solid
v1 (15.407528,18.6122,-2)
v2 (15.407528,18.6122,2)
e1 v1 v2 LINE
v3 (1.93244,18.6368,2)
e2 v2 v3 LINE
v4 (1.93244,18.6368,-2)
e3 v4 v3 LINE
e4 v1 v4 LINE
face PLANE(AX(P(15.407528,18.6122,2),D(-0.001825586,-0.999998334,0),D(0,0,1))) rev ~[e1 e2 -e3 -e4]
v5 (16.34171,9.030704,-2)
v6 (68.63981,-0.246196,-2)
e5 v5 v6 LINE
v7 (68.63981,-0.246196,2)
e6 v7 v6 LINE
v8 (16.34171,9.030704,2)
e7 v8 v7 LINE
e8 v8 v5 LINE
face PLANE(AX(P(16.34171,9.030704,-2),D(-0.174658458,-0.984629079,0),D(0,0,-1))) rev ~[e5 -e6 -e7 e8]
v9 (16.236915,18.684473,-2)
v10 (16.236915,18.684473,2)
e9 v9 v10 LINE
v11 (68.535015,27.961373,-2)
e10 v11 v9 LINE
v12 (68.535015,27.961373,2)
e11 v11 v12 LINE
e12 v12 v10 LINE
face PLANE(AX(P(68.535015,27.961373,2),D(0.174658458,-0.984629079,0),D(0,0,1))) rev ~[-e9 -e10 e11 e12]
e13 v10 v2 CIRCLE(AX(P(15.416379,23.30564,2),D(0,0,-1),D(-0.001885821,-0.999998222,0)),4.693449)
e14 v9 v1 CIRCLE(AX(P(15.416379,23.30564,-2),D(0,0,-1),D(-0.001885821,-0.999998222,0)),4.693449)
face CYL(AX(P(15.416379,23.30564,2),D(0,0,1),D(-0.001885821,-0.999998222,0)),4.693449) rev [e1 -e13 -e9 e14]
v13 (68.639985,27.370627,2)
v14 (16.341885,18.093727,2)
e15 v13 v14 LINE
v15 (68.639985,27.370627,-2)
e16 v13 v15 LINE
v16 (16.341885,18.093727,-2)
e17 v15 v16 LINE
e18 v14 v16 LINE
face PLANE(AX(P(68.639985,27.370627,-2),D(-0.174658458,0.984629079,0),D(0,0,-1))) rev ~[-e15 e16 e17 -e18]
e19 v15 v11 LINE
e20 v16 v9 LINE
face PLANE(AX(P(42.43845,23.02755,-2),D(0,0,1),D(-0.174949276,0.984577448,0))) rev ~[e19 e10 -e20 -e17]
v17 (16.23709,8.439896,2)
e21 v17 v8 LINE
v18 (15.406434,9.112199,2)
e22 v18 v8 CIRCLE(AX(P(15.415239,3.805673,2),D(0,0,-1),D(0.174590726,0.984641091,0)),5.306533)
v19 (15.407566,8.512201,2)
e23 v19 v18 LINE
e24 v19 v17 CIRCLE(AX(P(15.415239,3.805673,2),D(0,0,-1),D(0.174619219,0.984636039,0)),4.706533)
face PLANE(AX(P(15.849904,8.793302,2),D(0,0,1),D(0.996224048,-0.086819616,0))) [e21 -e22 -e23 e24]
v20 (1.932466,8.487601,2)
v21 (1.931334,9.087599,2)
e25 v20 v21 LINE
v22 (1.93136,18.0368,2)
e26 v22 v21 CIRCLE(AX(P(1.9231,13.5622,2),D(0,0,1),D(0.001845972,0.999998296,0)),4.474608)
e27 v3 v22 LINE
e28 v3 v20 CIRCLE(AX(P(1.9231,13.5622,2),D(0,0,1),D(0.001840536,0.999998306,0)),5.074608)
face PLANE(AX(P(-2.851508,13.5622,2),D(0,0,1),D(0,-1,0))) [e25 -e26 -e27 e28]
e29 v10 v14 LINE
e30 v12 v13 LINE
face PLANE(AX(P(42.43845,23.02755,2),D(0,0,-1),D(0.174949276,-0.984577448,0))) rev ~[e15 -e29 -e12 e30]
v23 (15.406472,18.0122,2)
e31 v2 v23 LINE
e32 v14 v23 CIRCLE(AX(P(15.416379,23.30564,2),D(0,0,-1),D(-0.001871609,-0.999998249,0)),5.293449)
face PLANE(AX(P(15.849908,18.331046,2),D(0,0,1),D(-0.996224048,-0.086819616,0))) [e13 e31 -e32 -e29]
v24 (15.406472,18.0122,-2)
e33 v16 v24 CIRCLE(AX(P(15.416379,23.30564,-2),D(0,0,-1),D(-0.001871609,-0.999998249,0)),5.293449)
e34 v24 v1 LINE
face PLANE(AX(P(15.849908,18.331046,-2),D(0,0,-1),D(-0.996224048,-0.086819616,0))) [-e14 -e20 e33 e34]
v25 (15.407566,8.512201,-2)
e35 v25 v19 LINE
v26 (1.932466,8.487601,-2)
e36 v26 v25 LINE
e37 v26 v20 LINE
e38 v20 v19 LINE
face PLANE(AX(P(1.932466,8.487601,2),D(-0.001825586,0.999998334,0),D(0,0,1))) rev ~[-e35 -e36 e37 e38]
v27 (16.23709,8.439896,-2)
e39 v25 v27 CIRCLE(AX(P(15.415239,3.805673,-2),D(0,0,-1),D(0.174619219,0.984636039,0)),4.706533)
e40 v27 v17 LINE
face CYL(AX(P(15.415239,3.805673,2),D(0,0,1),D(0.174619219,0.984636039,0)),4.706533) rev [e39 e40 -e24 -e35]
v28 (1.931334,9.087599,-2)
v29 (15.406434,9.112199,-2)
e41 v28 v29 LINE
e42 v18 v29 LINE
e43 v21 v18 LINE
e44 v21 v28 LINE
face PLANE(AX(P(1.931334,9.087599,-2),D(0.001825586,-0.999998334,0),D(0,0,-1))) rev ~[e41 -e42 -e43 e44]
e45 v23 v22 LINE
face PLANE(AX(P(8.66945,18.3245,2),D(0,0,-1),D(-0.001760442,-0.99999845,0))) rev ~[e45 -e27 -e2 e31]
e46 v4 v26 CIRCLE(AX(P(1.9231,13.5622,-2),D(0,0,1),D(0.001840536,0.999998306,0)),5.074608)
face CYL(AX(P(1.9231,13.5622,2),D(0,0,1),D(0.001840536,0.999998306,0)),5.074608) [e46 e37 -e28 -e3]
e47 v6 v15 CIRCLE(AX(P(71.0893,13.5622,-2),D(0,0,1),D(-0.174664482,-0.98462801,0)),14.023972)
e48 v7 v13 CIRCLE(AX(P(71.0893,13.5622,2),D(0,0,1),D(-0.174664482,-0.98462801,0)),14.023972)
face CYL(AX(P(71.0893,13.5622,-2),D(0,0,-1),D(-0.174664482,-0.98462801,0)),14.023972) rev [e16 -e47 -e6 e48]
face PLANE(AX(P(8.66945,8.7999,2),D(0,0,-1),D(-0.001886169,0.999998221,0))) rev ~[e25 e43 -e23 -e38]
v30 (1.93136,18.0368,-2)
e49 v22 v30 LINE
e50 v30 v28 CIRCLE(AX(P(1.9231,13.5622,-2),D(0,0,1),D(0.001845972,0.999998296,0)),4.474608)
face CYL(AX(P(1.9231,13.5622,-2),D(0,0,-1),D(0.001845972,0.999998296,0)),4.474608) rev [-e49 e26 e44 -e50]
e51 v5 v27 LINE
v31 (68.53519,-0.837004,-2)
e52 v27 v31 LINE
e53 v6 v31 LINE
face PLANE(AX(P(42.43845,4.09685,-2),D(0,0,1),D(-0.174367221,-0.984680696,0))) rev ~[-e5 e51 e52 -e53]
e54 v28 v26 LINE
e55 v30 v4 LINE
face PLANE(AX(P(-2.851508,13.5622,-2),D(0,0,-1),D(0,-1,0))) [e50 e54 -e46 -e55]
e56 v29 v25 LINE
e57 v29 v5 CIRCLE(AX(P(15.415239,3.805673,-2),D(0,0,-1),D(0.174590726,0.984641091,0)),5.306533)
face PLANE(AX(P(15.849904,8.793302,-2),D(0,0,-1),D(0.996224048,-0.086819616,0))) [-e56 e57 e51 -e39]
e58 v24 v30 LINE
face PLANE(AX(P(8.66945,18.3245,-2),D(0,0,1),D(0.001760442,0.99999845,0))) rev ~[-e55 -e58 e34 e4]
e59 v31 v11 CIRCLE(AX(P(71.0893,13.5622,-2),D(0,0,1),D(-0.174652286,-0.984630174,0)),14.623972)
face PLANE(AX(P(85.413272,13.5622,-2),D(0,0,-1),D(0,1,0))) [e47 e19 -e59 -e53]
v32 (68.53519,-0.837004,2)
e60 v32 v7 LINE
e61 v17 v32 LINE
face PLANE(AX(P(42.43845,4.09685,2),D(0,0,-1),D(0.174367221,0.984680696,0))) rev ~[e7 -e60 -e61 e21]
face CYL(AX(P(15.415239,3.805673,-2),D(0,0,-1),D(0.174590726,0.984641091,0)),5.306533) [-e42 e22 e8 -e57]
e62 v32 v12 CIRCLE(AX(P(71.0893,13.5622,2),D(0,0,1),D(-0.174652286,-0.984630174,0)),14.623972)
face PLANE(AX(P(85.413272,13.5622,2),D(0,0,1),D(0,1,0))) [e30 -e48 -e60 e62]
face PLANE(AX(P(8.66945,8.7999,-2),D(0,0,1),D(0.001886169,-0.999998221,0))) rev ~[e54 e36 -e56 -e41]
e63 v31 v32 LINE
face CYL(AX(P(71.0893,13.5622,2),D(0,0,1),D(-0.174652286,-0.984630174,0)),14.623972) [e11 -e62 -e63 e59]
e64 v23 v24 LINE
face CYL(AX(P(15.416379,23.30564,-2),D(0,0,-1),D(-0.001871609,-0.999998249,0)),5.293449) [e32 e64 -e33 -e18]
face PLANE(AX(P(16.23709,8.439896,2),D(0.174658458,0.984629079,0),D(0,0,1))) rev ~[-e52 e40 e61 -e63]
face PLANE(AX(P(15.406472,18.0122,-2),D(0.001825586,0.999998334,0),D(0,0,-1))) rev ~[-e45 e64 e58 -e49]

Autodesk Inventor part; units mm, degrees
sketch "Sketch Path" plane through (0, 0, 0) normal (0, 0, 1) x (1, 0, 0)
  arc A0 (1.9319, 18.3368) -> (1.9319, 8.7876) centre (1.9231, 13.5622) ccw
  arc A1 (16.2894, 8.7353) -> (15.407, 8.8122) centre (15.4161, 3.8122) ccw
  arc A2 (68.5875, -0.5416) -> (68.5875, 27.666) centre (71.0893, 13.5622) ccw
  arc A3 (15.407, 18.3122) -> (16.2894, 18.3891) centre (15.4161, 23.3122) ccw
  line L0 (15.407, 18.3122) -> (1.9319, 18.3368)
  line L1 (1.9319, 8.7876) -> (15.407, 8.8122)
  line L2 (16.2894, 8.7353) -> (68.5875, -0.5416)
  line L3 (68.5875, 27.666) -> (16.2894, 18.3891)
ref_plane "Cross Section Plane" through (1.9319, 18.3368, 0) normal (1, -0.0018, 0) x (0, 0, 1)
ref_plane "Work Plane2" through (1.9231, 13.5622, 0) normal (-1, 0, 0) x (0, 0, 1)
ref_plane "Work Plane3" through (71.0893, 13.5622, 0) normal (0.9951, -0.0987, 0) x (0, 0, 1)
sketch "Cross Section" plane through (1.9319, 18.3368, 0) normal (1, -0.0018, 0) x (0, 0, 1)
  line L0 (-2, 0.3) -> (2, 0.3)
  line L1 (2, 0.3) -> (2, -0.3)
  line L2 (2, -0.3) -> (-2, -0.3)
  line L3 (-2, -0.3) -> (-2, 0.3)
  line L4 (-2, 0) -> (2, 0) construction
  point P0 (0, 0)
  point P1 (0, 0)
  dimension "d0" = 4
  dimension "d4" = 0.3
  dimension "d5" = 0.3
sweep "Belt" add profiles "Cross Section" path "Sketch Path"
equation "\"d0\" = da_B"
equation "\"d4\" = da_a"
equation "\"d5\" = da_a2"
equation "\"da_B\" = 4"
equation "\"da_pb\" = 2.5"
equation "\"da_a\" = 0.3"
equation "\"da_S\" = 1.5"
equation "\"da_Beta\" = 20deg"
equation "\"da_Ht\" = 0.7"
equation "\"da_H\" = 1.3"
equation "\"da_a2\" = 0.3"
properties part number "Synchronous Belt" material "Rubber"
